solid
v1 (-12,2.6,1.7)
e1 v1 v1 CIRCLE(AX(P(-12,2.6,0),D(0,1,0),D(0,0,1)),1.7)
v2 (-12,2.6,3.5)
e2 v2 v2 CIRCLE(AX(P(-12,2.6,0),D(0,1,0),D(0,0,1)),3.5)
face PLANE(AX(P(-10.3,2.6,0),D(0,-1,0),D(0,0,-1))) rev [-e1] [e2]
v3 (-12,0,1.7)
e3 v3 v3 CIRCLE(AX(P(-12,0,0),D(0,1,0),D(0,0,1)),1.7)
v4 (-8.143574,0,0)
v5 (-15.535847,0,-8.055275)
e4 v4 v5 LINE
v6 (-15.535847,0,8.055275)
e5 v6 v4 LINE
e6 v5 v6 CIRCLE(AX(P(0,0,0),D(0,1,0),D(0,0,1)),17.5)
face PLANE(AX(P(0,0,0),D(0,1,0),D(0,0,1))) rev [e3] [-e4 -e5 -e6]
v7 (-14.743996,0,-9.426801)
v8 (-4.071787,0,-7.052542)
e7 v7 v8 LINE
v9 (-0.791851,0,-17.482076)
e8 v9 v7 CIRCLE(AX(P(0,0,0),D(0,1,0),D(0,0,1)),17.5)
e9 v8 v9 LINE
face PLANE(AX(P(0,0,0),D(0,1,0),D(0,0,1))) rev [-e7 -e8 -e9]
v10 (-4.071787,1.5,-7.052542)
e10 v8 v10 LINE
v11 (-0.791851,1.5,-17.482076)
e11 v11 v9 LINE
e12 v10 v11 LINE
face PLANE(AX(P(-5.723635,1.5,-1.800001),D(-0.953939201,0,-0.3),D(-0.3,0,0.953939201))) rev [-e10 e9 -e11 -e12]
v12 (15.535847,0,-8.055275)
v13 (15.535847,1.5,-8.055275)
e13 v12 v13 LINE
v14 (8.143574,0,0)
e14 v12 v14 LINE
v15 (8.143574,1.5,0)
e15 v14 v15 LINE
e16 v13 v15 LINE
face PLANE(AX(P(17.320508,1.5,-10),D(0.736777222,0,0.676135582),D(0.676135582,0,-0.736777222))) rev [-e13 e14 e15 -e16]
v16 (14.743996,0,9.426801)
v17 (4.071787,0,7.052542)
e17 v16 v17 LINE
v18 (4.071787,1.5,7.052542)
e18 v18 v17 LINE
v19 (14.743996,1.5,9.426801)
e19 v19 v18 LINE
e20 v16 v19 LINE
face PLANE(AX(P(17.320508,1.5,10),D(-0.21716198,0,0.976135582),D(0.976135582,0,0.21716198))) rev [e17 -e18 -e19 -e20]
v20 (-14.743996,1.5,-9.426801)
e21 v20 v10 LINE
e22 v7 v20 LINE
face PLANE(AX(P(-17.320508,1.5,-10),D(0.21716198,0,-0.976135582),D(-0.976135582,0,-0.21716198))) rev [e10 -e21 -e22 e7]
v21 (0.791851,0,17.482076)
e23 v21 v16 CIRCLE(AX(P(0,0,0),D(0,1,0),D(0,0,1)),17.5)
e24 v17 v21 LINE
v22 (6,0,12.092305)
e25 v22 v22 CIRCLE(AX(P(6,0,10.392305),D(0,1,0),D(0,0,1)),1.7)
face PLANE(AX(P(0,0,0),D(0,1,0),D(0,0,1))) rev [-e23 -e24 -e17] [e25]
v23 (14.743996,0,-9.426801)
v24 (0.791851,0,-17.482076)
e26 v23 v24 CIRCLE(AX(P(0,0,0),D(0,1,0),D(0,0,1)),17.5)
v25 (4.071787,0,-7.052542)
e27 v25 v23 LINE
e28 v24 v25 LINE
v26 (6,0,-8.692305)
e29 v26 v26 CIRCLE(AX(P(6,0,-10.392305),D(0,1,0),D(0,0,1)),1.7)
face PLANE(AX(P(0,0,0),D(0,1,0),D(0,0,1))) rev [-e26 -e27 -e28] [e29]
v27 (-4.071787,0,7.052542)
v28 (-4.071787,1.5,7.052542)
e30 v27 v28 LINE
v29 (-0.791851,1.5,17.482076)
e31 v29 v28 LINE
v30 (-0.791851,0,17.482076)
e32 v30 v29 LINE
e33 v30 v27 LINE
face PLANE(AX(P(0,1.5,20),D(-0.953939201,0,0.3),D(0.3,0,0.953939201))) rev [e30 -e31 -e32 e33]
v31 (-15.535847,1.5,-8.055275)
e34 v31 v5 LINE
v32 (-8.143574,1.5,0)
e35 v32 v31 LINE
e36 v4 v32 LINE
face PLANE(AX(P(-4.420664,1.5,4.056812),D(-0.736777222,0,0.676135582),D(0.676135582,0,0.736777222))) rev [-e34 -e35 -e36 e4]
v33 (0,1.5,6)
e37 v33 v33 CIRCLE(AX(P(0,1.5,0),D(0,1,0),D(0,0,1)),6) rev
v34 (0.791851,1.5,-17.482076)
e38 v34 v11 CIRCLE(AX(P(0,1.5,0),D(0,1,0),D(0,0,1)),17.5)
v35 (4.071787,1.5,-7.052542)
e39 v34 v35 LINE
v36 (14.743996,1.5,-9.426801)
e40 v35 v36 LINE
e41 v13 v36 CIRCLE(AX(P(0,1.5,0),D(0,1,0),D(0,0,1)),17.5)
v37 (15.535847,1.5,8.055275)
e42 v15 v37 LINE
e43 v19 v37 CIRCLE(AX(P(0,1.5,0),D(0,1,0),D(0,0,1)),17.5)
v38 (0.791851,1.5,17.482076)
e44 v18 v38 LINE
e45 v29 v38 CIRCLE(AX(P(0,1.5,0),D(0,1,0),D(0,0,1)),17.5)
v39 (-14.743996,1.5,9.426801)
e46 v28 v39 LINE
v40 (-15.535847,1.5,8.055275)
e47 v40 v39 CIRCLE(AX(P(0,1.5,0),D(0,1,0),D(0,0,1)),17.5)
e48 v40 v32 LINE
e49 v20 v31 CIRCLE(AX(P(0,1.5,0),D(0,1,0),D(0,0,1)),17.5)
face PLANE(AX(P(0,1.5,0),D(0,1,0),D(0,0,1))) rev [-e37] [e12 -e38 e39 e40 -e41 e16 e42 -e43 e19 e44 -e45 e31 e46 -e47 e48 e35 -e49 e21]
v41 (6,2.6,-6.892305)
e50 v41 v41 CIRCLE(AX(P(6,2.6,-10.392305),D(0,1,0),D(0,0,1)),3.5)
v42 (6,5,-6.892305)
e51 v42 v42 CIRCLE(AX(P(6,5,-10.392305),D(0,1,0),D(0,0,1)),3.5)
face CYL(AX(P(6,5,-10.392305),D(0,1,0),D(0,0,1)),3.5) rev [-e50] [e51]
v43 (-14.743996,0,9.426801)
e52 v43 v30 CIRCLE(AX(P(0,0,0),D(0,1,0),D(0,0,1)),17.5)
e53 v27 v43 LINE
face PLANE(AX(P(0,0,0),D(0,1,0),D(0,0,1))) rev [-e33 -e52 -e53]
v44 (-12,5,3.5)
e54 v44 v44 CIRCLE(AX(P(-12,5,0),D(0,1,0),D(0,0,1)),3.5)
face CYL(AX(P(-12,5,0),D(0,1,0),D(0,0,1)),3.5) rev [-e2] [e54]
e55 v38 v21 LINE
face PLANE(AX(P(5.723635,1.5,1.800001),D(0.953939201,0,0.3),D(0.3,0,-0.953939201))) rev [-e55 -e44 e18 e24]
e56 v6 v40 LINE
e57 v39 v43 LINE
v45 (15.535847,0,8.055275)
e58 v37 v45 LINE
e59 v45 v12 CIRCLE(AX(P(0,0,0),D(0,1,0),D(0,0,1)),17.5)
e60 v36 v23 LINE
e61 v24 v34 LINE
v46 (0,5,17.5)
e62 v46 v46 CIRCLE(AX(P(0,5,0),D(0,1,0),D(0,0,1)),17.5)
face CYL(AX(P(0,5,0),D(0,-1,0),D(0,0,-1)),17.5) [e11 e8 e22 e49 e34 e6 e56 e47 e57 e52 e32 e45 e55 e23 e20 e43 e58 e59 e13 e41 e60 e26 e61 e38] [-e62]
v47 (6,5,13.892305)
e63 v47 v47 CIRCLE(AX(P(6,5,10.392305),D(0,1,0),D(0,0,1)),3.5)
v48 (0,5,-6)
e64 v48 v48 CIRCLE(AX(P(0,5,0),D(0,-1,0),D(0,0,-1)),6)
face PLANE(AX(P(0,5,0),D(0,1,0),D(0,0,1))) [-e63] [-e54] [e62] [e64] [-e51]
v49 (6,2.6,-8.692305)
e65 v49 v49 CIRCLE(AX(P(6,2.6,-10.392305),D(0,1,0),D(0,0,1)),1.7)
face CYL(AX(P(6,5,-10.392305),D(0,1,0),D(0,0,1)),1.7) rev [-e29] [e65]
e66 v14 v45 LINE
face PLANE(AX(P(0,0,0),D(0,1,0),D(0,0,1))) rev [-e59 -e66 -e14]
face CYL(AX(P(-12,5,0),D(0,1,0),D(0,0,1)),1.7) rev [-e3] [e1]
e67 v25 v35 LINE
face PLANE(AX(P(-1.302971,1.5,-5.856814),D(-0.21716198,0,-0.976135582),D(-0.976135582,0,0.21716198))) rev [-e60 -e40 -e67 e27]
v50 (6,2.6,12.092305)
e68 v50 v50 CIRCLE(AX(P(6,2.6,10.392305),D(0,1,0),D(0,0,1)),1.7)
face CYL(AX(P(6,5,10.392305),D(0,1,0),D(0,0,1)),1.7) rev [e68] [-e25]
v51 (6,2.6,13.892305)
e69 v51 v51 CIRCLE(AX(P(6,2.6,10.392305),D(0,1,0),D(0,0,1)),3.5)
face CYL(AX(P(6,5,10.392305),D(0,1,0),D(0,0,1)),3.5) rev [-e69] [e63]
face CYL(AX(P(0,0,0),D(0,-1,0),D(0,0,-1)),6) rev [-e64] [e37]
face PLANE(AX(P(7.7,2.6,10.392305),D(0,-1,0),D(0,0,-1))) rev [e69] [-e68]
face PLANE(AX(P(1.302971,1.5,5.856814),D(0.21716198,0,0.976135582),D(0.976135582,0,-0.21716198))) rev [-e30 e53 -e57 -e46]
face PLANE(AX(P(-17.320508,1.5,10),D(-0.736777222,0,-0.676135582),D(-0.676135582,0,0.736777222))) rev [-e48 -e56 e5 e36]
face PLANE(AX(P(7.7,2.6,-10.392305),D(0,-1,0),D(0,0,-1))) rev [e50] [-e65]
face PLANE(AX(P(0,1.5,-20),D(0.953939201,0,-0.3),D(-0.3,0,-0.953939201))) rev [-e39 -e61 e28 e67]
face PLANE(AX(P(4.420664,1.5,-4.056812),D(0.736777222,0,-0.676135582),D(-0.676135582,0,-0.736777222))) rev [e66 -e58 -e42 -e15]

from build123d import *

# Parameters (mm, degrees)
SKETCH1_R                                = 17.5
BOSS_EXTRUDE1_DEPTH                      = 5
CBORE_FOR_M3_PAN_HEAD_SCREW1_D           = 3.4
CBORE_FOR_M3_PAN_HEAD_SCREW1_CBORE_D     = 7
CBORE_FOR_M3_PAN_HEAD_SCREW1_CBORE_DEPTH = 2.4
CIRPATTERN1_COUNT                        = 3
F_12_0_12_DIAMETER_HOLE1_D               = 12
CUT_EXTRUDE1_DEPTH                       = 1.5
CIRPATTERN2_COUNT                        = 6


with BuildPart() as part:
    # Sketch1 → Boss-Extrude1 (new body)
    with BuildSketch(Plane(origin=(0, 0, 0), x_dir=(1, 0, 0), z_dir=(0, 1, 0))):
        with Locations(Location((0, 0, 0), (0, 0, 270))):
            Circle(SKETCH1_R)
    extrude(amount=BOSS_EXTRUDE1_DEPTH)

    # CBORE for M3 Pan Head Screw1 (through all)
    with Locations(Plane(origin=(0, 5, 0), x_dir=(1, 0, 0), z_dir=(0, 1, 0))):
        with Locations((-12, 0)):
            cbore_for_m3_pan_head_screw1 = CounterBoreHole(CBORE_FOR_M3_PAN_HEAD_SCREW1_D / 2, CBORE_FOR_M3_PAN_HEAD_SCREW1_CBORE_D / 2, CBORE_FOR_M3_PAN_HEAD_SCREW1_CBORE_DEPTH)

    # CirPattern1: CBORE for M3 Pan Head Screw1 ×3 about axis
    cirpattern1_axis = Axis((0, 0, 0), (0, 1, 0))
    for i in range(1, CIRPATTERN1_COUNT):
        add(cbore_for_m3_pan_head_screw1.rotate(cirpattern1_axis, i * 360 / CIRPATTERN1_COUNT), mode=Mode.SUBTRACT)

    # Ø12.0 (12) Diameter Hole1 (through all)
    with Locations(Plane(origin=(0, 0, 0), x_dir=(-1, 0, 0), z_dir=(0, -1, 0))):
        with Locations((0, 0)):
            Hole(F_12_0_12_DIAMETER_HOLE1_D / 2)

    # Sketch7 → Cut-Extrude1 (cut)
    with BuildSketch(Plane.XZ):
        Polygon((0, 20), (-5.723634799, 1.800001303), (5.723634799, 1.800001303), align=None)
    cut_extrude1 = extrude(amount=-CUT_EXTRUDE1_DEPTH, mode=Mode.SUBTRACT)

    # CirPattern2: Cut-Extrude1 ×6 about axis
    cirpattern2_axis = Axis((0, 0, 0), (0, 1, 0))
    for i in range(1, CIRPATTERN2_COUNT):
        add(cut_extrude1.rotate(cirpattern2_axis, i * 360 / CIRPATTERN2_COUNT), mode=Mode.SUBTRACT)


solid = part.part
